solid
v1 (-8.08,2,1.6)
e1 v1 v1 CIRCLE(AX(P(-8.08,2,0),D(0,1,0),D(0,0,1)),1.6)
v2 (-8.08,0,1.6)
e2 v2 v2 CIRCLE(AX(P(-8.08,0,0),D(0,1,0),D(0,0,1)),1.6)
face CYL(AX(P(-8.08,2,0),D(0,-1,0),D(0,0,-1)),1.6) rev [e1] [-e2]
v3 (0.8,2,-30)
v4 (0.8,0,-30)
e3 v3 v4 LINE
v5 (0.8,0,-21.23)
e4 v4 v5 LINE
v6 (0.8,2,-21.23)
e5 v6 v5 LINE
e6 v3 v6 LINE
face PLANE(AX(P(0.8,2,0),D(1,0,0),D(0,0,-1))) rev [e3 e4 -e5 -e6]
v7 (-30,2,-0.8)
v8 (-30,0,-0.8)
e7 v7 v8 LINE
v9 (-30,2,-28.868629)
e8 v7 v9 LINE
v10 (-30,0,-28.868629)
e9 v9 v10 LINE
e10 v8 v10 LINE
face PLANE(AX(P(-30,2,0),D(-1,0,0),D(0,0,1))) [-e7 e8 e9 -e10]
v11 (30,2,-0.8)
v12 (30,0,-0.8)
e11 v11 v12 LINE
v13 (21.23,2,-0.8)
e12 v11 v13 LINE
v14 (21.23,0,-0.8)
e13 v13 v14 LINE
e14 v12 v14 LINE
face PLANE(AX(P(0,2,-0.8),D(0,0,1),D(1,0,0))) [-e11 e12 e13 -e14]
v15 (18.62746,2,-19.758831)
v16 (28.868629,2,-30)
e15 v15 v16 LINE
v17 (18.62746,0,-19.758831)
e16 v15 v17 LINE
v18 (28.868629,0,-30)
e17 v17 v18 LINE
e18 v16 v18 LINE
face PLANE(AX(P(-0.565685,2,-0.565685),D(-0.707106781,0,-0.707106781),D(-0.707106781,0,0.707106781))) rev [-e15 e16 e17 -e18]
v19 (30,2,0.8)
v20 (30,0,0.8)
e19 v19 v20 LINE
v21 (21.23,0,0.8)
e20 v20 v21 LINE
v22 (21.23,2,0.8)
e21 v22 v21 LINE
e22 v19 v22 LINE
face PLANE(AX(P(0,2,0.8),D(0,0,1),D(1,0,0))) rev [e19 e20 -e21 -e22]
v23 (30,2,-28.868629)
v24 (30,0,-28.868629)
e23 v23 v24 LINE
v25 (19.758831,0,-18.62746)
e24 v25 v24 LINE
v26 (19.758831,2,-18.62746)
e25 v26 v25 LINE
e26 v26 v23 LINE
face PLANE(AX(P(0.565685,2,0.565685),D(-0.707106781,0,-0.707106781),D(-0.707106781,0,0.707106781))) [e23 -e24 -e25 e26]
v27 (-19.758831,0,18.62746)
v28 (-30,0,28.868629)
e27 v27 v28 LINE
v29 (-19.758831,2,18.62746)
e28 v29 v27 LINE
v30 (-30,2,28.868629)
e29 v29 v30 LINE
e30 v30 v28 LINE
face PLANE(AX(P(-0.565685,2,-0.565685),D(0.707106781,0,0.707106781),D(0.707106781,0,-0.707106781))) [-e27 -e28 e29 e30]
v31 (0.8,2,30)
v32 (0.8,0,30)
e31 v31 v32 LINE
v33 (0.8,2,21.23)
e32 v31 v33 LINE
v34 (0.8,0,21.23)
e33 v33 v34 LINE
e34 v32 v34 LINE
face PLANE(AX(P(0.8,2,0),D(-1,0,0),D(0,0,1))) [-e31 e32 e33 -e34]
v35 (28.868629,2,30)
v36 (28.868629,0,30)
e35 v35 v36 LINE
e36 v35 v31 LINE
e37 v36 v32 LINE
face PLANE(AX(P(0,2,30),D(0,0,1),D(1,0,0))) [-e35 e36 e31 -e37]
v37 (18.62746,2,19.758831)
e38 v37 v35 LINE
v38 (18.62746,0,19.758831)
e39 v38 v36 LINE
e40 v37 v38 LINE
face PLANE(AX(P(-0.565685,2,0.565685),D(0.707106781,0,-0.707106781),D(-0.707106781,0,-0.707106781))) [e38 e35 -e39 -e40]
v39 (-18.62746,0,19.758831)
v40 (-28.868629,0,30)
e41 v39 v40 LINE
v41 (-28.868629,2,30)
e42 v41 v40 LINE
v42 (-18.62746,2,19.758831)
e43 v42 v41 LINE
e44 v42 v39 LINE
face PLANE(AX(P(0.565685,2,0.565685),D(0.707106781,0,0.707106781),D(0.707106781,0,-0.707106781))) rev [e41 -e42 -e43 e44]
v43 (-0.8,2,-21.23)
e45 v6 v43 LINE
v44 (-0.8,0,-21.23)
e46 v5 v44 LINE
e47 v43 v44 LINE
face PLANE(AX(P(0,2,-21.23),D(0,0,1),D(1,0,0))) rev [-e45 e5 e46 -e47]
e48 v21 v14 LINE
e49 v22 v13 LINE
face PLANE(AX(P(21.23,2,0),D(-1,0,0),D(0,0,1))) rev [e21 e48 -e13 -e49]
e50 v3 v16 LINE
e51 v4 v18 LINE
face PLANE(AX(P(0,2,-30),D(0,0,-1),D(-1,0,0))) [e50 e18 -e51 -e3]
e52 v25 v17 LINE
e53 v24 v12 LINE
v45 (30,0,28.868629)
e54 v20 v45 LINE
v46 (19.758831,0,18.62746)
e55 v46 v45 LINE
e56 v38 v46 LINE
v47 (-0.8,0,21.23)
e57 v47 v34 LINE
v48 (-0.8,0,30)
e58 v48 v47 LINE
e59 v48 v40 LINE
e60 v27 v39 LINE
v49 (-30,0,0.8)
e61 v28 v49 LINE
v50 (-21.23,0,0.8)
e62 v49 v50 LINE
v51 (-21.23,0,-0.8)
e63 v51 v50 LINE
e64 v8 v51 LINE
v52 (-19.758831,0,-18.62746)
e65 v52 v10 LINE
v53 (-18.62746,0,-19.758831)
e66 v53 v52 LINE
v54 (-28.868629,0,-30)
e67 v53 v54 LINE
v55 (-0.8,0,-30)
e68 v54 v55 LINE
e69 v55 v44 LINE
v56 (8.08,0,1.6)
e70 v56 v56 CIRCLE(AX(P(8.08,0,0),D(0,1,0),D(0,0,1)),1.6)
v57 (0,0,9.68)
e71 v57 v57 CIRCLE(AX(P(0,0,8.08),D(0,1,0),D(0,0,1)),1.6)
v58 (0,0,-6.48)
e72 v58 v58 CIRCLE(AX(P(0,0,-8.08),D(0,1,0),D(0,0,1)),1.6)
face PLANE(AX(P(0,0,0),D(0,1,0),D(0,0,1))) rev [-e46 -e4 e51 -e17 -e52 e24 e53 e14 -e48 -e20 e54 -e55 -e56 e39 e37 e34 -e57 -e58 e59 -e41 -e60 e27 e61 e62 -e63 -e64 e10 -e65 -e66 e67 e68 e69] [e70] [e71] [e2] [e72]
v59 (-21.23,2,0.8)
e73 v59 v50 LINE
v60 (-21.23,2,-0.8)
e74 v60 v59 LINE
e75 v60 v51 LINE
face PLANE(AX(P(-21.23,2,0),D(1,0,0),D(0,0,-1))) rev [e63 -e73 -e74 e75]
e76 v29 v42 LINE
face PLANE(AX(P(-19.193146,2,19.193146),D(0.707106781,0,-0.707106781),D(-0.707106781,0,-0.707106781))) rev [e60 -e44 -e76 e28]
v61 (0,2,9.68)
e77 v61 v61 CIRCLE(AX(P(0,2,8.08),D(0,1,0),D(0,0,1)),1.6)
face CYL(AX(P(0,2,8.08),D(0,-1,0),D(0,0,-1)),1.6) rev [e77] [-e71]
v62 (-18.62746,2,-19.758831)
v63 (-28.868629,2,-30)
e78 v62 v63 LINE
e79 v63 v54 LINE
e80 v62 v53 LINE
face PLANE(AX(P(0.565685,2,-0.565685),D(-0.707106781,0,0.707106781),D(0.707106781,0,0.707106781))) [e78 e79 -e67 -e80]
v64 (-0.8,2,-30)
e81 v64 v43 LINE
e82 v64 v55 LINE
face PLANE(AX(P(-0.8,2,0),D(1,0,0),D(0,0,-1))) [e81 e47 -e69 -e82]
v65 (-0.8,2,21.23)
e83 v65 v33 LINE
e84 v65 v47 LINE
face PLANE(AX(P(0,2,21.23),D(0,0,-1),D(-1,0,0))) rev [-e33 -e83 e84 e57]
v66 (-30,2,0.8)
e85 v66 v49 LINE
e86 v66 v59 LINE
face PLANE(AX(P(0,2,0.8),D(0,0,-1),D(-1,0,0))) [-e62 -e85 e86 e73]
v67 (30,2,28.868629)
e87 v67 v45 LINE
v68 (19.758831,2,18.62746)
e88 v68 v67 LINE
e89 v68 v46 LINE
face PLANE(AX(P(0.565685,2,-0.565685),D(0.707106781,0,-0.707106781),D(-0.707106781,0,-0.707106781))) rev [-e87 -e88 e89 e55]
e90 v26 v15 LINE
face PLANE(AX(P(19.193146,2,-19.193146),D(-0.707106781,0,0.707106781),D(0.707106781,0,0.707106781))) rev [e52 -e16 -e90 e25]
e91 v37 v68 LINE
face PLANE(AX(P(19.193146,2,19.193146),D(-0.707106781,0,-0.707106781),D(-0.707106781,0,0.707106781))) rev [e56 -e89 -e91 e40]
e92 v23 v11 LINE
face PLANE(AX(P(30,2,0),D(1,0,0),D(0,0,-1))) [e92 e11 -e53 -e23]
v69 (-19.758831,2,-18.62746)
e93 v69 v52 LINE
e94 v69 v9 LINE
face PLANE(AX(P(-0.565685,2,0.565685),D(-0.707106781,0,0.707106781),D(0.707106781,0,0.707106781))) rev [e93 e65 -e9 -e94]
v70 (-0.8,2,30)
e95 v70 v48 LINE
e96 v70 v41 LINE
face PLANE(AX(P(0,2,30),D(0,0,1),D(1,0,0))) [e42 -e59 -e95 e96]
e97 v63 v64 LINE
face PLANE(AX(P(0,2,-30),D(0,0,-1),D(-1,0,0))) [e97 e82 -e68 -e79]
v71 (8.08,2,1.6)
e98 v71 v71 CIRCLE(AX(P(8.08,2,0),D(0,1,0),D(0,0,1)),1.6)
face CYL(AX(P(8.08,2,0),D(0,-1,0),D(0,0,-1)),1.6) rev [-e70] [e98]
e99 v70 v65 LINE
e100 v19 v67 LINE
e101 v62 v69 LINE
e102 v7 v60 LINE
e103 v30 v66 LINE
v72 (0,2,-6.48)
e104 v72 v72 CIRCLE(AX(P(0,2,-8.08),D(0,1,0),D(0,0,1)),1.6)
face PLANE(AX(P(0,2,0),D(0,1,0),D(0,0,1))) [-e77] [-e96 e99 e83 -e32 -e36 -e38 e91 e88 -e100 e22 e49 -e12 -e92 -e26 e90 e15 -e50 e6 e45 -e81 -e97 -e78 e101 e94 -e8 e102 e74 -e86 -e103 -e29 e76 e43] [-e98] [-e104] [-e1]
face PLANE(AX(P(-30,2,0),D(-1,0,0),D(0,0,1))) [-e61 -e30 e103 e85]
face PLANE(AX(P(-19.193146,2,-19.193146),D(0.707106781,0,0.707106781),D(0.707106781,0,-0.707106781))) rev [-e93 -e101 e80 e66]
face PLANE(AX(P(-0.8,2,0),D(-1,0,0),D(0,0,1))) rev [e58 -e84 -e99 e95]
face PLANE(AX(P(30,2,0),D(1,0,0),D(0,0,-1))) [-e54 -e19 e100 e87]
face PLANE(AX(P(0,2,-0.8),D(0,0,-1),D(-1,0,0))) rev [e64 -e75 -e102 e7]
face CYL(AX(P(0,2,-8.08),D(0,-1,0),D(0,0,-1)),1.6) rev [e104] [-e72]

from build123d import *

# Parameters (mm, degrees)
SKETCH_1_R      = 1.6
EXTRUDE_1_DEPTH = 2


with BuildPart() as part:
    # 草图1 → 凸台-拉伸1 (new body)
    with BuildSketch(Plane(origin=(0, 0, 0), x_dir=(1, 0, 0), z_dir=(0, 1, 0))):
        Polygon((-30, 28.86862915), (-30, 0.8), (-21.23, 0.8), (-21.23, -0.8), (-30, -0.8), (-30, -28.86862915), (-19.758831067, -18.627460217), (-18.627460217, -19.758831067), (-28.86862915, -30), (-0.8, -30), (-0.8, -21.23), (0.8, -21.23), (0.8, -30), (28.86862915, -30), (18.627460217, -19.758831067), (19.758831067, -18.627460217), (30, -28.86862915), (30, -0.8), (21.23, -0.8), (21.23, 0.8), (30, 0.8), (30, 28.86862915), (19.758831067, 18.627460217), (18.627460217, 19.758831067), (28.86862915, 30), (0.8, 30), (0.8, 21.23), (-0.8, 21.23), (-0.8, 30), (-28.86862915, 30), (-18.627460217, 19.758831067), (-19.758831067, 18.627460217), align=None)
        with Locations(Location((0, -8.08, 0), (0, 0, 270))):
            Circle(SKETCH_1_R, mode=Mode.SUBTRACT)
        with Locations(Location((-8.08, 0, 0), (0, 0, 270))):
            Circle(SKETCH_1_R, mode=Mode.SUBTRACT)
        with Locations(Location((8.08, 0, 0), (0, 0, 270))):
            Circle(SKETCH_1_R, mode=Mode.SUBTRACT)
        with Locations(Location((0, 8.08, 0), (0, 0, 270))):
            Circle(SKETCH_1_R, mode=Mode.SUBTRACT)
    extrude(amount=EXTRUDE_1_DEPTH)


solid = part.part
